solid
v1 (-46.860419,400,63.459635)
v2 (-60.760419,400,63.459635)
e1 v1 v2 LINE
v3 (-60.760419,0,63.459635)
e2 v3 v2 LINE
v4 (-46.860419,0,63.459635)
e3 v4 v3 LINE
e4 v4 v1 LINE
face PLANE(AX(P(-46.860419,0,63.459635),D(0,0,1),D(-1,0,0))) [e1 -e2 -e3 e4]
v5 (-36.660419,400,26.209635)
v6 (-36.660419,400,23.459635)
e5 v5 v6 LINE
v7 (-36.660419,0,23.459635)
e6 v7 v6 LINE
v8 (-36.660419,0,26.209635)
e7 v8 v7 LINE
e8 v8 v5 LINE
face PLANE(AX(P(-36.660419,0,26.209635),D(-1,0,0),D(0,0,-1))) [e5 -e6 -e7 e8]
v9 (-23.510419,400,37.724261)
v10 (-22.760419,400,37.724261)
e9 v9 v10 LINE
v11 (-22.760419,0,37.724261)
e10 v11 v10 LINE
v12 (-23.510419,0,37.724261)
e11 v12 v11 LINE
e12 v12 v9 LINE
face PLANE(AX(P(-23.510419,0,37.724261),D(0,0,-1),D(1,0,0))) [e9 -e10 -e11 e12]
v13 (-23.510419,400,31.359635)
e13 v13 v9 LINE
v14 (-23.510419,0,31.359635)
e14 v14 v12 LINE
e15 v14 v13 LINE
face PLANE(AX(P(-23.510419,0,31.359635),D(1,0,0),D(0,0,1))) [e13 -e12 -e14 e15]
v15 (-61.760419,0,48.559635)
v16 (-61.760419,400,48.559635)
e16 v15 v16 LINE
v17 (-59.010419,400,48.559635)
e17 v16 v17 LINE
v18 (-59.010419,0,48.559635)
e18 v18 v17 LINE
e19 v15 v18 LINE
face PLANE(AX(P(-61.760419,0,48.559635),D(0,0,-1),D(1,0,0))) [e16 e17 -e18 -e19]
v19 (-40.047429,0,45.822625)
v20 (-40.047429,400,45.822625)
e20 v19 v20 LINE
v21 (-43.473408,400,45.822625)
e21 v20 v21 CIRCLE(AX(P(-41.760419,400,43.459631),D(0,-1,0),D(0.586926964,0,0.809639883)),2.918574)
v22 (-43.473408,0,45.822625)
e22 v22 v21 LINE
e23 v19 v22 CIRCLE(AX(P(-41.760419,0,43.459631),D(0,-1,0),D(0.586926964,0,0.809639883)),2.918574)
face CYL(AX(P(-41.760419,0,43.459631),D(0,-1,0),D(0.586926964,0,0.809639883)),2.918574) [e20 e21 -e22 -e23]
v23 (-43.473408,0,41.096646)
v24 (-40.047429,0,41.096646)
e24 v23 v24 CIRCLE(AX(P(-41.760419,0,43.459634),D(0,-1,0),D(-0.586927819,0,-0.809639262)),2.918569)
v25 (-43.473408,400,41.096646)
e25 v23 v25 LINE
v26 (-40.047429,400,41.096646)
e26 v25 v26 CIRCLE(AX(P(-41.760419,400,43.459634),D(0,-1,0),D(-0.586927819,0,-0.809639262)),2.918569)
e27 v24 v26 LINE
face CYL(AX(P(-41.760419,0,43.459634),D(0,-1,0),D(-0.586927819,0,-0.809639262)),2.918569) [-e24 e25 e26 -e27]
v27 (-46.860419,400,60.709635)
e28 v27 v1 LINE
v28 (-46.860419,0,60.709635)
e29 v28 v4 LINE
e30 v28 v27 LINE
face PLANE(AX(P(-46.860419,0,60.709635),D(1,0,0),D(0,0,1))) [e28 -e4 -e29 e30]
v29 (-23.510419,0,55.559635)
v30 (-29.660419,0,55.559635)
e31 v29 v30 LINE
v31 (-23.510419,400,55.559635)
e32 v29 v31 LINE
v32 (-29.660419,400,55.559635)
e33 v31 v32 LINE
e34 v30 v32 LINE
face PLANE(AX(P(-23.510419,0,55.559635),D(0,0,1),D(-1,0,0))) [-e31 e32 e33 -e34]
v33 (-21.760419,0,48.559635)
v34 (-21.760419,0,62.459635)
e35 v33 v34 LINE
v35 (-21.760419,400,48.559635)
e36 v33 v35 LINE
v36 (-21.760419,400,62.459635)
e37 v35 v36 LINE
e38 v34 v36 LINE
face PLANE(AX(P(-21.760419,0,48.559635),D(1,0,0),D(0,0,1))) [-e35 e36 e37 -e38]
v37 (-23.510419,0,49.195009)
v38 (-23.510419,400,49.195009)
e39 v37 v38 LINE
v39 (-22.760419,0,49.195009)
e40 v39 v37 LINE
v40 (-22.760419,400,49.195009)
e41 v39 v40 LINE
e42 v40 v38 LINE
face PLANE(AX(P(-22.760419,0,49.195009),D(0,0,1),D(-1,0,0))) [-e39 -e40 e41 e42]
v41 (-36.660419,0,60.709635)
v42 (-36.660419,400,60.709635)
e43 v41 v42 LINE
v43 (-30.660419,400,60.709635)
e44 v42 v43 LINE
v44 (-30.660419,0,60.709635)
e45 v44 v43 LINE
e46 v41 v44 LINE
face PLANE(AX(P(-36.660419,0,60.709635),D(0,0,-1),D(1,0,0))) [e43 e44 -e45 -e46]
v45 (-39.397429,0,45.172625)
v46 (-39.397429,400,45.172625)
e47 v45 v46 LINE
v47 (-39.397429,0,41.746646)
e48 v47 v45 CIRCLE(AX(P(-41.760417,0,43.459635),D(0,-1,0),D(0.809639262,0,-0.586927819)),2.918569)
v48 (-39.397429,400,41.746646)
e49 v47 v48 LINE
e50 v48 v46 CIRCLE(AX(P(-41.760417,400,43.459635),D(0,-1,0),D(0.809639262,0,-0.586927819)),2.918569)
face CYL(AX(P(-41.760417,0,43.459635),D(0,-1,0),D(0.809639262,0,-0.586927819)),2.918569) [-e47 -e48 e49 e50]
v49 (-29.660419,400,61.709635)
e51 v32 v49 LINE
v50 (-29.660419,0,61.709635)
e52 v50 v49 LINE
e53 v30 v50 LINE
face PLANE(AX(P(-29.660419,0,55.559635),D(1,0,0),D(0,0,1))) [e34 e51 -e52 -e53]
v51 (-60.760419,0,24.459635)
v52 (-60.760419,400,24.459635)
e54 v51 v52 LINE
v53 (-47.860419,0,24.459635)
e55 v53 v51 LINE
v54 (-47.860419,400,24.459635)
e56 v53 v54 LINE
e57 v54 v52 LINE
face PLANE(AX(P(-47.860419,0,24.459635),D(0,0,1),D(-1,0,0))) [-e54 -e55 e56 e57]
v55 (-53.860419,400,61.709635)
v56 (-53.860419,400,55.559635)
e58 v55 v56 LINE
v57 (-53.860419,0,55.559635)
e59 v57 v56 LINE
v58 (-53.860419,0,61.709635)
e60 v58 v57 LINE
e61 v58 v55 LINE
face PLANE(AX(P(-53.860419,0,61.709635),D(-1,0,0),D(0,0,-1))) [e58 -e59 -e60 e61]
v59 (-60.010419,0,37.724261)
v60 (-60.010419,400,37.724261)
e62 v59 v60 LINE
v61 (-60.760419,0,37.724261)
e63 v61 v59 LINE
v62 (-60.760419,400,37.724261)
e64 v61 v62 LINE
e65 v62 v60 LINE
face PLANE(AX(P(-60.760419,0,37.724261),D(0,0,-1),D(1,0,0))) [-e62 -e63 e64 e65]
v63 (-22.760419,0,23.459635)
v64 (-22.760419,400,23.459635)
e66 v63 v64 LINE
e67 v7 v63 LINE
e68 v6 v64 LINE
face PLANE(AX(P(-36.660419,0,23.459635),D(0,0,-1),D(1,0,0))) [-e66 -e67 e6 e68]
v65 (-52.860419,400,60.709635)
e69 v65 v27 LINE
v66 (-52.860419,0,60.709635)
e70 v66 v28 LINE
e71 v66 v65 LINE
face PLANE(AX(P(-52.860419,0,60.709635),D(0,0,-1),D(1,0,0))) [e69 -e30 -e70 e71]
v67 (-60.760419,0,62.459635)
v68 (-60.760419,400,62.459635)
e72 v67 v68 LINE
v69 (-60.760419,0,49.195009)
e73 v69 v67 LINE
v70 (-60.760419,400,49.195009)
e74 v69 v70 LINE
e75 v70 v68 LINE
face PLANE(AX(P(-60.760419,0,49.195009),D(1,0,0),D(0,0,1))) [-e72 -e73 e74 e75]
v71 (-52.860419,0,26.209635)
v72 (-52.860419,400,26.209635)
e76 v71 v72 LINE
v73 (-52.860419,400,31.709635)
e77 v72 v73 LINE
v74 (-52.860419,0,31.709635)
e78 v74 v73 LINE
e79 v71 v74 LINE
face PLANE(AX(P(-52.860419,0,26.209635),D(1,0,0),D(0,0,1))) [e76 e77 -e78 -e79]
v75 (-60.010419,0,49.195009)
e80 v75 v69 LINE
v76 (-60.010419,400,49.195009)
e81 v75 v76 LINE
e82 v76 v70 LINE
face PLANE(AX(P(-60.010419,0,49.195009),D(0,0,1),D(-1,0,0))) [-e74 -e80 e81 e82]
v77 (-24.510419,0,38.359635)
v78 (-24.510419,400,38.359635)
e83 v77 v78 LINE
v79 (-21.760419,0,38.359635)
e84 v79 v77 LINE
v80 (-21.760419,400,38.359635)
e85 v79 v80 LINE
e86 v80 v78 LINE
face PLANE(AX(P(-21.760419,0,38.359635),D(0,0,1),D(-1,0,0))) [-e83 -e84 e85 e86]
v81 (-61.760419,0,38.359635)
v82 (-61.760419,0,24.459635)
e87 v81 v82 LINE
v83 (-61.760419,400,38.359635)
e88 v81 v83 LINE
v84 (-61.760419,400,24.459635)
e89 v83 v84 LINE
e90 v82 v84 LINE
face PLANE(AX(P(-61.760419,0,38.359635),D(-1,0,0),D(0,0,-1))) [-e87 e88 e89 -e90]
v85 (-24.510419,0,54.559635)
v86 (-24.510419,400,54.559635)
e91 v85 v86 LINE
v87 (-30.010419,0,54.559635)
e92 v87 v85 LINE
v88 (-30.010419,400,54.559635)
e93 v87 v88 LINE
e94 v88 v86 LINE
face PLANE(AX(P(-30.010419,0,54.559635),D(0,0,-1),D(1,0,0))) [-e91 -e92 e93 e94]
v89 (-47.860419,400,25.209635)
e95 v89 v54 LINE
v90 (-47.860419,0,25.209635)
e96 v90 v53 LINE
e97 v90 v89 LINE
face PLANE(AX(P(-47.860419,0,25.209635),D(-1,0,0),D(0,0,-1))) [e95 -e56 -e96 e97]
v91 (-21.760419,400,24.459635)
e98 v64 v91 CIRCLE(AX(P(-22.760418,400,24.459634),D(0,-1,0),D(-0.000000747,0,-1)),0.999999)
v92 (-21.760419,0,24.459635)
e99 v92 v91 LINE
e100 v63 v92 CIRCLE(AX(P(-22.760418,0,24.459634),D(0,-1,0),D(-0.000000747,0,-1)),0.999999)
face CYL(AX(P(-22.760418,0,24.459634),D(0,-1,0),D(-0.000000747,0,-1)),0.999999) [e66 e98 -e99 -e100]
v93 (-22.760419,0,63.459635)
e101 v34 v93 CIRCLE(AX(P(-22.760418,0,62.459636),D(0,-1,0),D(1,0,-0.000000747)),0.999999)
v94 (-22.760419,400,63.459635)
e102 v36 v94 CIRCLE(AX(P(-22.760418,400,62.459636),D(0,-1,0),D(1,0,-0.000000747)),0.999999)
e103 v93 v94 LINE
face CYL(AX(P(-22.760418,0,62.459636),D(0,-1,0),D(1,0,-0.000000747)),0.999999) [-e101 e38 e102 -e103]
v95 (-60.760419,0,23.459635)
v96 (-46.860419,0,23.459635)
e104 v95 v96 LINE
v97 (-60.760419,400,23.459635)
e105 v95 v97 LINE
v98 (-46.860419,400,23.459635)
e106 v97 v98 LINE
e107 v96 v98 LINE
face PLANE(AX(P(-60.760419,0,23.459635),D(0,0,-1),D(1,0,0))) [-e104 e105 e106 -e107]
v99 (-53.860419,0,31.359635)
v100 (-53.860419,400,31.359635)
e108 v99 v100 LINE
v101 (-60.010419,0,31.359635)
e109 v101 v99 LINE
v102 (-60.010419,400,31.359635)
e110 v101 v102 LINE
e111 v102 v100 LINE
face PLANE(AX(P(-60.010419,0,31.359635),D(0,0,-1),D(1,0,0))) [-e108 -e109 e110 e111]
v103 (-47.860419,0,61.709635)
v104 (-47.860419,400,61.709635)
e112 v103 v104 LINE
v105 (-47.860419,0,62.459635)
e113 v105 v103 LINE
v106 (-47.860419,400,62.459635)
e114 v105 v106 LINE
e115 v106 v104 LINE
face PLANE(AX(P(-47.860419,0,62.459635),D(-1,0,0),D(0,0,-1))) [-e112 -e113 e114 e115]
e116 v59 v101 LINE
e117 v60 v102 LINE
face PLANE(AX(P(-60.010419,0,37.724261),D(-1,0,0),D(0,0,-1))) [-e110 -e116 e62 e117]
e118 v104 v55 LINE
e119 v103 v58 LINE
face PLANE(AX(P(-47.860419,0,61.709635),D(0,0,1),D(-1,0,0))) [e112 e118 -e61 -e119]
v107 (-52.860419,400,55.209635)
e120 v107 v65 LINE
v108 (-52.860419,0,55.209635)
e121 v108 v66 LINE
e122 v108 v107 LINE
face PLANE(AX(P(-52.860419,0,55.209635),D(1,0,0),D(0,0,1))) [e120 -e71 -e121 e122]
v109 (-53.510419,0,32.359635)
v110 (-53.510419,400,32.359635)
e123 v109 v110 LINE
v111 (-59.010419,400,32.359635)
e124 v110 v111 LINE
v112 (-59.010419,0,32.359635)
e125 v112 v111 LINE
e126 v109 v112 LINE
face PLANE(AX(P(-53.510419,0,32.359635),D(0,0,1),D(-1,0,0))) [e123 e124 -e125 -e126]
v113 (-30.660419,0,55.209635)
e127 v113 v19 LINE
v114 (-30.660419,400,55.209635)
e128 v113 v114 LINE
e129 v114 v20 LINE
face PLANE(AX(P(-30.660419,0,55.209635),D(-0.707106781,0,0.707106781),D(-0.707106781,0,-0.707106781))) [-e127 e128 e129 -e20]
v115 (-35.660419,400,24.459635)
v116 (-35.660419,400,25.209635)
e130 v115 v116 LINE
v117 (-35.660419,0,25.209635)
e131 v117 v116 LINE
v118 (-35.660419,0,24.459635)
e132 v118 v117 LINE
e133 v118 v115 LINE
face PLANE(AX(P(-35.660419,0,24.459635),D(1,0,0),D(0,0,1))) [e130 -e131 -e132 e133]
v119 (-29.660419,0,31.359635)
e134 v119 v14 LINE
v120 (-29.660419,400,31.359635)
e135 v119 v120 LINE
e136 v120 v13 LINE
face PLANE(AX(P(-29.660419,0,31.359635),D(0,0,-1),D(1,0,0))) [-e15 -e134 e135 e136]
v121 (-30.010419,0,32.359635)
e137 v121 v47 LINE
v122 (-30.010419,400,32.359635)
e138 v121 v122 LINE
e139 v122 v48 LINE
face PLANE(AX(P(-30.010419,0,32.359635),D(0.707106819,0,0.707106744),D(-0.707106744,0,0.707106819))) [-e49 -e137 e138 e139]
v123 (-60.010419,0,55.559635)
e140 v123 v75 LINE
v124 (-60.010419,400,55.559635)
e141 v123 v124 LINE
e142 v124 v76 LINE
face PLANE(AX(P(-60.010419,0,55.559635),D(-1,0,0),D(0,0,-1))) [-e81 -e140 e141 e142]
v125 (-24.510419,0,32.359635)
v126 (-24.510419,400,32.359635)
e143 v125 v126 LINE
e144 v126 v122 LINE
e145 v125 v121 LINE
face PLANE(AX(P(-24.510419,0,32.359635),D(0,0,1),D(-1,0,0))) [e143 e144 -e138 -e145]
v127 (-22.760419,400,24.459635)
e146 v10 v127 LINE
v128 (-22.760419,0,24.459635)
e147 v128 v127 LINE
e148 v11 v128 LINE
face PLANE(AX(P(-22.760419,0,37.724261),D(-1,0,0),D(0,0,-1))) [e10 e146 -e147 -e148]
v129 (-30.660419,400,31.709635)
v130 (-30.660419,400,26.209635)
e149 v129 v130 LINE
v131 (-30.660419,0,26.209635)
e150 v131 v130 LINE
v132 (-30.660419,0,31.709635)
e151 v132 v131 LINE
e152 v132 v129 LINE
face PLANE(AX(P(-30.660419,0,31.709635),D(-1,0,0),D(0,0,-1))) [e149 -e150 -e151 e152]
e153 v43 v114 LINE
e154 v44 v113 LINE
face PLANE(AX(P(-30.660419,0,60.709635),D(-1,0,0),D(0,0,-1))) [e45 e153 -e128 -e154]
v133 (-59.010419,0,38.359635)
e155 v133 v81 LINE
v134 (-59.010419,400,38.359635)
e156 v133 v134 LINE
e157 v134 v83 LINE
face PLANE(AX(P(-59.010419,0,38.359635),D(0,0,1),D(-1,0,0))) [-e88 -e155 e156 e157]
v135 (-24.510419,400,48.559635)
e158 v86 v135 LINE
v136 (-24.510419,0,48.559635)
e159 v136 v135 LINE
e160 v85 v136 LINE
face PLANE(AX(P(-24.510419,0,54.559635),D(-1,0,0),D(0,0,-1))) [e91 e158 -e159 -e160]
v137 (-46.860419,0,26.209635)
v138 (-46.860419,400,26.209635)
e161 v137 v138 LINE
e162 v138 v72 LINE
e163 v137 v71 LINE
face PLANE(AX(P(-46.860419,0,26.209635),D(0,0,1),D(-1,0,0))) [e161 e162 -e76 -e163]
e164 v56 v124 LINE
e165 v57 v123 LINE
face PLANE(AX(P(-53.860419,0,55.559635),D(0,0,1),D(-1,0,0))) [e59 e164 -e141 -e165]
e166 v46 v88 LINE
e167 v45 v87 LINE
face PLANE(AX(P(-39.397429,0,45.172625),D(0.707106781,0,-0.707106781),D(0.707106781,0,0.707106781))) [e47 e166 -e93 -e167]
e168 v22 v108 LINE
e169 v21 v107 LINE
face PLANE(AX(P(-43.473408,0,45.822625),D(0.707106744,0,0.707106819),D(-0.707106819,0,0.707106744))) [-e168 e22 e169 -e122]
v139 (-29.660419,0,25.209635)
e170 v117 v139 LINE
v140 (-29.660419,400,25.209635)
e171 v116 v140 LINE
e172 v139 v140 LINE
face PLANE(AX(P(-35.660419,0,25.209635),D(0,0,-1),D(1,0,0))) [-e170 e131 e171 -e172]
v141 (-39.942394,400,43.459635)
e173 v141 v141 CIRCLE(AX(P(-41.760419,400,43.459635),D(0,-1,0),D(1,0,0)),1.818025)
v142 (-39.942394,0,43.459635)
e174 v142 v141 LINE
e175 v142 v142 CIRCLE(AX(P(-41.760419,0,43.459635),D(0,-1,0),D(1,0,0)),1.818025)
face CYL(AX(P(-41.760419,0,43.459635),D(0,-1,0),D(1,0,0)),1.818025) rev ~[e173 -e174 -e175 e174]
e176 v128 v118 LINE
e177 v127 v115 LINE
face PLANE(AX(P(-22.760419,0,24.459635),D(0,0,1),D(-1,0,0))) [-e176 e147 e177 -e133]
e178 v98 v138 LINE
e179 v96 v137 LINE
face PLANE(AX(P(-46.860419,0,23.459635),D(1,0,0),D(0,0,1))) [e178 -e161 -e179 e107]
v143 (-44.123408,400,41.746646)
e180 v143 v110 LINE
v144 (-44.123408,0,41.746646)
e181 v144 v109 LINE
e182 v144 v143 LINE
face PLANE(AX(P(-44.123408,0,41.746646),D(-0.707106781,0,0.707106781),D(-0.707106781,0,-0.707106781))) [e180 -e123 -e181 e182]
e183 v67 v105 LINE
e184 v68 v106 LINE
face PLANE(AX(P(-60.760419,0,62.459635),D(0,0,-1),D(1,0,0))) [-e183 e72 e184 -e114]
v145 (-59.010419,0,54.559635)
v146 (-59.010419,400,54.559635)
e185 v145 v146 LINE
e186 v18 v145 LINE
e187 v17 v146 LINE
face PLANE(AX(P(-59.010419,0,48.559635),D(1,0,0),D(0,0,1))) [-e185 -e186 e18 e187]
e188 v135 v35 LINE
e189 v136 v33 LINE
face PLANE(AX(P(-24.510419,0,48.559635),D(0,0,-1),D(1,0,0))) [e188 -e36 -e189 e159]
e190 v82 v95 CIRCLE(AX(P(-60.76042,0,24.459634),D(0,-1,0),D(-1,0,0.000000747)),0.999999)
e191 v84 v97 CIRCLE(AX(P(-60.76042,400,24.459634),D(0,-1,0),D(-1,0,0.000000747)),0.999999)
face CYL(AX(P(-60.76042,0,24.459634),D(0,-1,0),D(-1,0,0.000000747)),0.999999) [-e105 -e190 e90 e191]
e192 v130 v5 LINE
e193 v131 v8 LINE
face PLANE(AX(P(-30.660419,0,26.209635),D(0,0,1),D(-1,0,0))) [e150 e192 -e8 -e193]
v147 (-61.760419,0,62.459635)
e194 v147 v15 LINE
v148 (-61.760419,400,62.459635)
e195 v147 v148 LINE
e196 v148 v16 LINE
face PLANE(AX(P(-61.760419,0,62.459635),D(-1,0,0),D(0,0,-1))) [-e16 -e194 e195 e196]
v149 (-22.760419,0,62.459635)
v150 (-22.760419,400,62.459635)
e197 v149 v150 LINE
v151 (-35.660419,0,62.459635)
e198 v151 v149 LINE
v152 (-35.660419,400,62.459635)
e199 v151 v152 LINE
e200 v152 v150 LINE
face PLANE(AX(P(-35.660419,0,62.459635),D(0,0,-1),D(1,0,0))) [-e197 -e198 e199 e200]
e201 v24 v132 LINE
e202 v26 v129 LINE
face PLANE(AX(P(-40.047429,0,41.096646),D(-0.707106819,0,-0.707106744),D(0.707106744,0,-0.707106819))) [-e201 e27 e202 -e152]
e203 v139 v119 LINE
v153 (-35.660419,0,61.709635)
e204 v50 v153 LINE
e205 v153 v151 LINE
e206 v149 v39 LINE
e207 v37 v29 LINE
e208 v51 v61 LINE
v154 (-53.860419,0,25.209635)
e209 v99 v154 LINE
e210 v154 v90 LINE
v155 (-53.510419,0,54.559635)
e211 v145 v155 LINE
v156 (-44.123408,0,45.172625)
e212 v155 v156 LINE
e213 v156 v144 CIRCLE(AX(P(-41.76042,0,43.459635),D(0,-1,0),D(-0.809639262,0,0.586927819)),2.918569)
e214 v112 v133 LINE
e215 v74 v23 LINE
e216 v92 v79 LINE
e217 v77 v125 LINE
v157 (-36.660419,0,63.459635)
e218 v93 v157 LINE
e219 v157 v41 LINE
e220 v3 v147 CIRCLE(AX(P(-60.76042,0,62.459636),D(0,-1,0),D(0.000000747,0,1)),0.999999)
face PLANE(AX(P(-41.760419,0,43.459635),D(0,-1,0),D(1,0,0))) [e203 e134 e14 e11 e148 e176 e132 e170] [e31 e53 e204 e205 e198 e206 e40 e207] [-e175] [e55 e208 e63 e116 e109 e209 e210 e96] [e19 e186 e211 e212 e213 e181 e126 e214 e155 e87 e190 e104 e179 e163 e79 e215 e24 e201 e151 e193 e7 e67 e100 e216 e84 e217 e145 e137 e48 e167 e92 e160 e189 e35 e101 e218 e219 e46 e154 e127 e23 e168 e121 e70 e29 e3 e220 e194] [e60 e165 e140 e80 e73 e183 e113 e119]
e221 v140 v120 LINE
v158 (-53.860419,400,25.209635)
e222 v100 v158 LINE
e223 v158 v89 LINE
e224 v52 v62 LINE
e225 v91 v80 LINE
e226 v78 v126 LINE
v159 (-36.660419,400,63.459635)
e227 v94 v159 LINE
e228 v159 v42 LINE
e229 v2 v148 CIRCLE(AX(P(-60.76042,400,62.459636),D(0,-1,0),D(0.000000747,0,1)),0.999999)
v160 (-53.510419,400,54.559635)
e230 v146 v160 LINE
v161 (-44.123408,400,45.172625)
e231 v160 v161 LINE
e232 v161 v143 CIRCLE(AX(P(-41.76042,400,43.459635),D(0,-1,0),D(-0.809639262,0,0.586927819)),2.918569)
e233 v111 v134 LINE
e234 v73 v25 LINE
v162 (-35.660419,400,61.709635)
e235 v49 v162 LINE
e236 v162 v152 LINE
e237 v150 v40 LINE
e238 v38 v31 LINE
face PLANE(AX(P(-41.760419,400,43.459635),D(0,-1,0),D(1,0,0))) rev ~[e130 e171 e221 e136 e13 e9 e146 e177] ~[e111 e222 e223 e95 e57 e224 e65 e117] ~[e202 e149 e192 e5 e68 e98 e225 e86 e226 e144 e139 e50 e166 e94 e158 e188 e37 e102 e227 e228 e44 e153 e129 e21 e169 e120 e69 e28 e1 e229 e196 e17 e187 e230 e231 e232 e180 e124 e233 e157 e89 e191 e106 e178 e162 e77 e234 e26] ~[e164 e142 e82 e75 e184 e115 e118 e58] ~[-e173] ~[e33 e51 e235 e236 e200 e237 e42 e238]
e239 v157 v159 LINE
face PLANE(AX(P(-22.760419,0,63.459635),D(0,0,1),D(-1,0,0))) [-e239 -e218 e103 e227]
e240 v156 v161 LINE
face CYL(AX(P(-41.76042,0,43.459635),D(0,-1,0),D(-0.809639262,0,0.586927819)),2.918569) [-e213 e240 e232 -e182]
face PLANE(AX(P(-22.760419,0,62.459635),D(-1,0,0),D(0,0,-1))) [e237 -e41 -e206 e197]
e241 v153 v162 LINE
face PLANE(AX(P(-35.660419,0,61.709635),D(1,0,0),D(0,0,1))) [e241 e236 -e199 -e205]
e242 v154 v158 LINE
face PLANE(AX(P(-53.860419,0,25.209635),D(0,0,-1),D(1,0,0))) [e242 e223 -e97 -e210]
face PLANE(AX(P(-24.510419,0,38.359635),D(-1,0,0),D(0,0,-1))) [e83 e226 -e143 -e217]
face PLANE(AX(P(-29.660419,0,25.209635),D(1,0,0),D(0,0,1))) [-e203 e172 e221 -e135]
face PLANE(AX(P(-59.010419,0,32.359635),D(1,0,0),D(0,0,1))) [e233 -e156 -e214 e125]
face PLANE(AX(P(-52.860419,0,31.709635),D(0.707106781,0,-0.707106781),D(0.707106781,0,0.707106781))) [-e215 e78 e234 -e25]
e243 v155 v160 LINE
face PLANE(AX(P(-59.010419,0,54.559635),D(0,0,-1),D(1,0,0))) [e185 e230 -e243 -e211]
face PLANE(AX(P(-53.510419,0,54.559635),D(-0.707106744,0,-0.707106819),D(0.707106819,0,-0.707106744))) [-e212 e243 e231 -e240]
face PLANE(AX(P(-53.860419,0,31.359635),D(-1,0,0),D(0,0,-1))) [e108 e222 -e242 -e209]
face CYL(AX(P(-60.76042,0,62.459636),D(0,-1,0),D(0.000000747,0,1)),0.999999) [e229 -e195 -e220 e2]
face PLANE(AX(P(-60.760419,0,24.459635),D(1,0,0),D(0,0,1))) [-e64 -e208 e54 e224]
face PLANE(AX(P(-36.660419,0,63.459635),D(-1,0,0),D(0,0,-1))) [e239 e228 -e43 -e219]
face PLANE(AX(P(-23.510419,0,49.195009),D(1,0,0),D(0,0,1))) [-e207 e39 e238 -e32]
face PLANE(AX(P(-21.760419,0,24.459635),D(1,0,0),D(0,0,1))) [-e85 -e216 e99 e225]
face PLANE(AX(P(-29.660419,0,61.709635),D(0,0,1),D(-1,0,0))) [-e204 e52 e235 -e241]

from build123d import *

# Parameters (mm, degrees)
F0_R     = 1.818025
F1_DEPTH = 400


with BuildPart() as f1:
    # F0 (on Front) → F1 (new body)
    with BuildSketch(Plane.XZ):
        with BuildLine():
            Line((-46.860419, 63.459635), (-60.760419, 63.459635))
            ThreePointArc((-60.760419, 63.459635), (-61.467526, 63.166742), (-61.760419, 62.459635))
            Line((-61.760419, 62.459635), (-61.760419, 48.559635))
            Line((-61.760419, 48.559635), (-59.010419, 48.559635))
            Line((-59.010419, 48.559635), (-59.010419, 54.559635))
            Line((-59.010419, 54.559635), (-53.510419, 54.559635))
            Line((-53.510419, 54.559635), (-44.123408, 45.172625))
            ThreePointArc((-44.123408, 45.172625), (-44.678989, 43.459635), (-44.123408, 41.746646))
            Line((-44.123408, 41.746646), (-53.510419, 32.359635))
            Line((-53.510419, 32.359635), (-59.010419, 32.359635))
            Line((-59.010419, 32.359635), (-59.010419, 38.359635))
            Line((-59.010419, 38.359635), (-61.760419, 38.359635))
            Line((-61.760419, 38.359635), (-61.760419, 24.459635))
            ThreePointArc((-61.760419, 24.459635), (-61.467526, 23.752528), (-60.760419, 23.459635))
            Line((-60.760419, 23.459635), (-46.860419, 23.459635))
            Line((-46.860419, 23.459635), (-46.860419, 26.209635))
            Line((-46.860419, 26.209635), (-52.860419, 26.209635))
            Line((-52.860419, 26.209635), (-52.860419, 31.709635))
            Line((-52.860419, 31.709635), (-43.473408, 41.096646))
            ThreePointArc((-43.473408, 41.096646), (-41.760419, 40.541065), (-40.047429, 41.096646))
            Line((-40.047429, 41.096646), (-30.660419, 31.709635))
            Line((-30.660419, 31.709635), (-30.660419, 26.209635))
            Line((-30.660419, 26.209635), (-36.660419, 26.209635))
            Line((-36.660419, 26.209635), (-36.660419, 23.459635))
            Line((-36.660419, 23.459635), (-22.760419, 23.459635))
            ThreePointArc((-22.760419, 23.459635), (-22.053312, 23.752528), (-21.760419, 24.459635))
            Line((-21.760419, 24.459635), (-21.760419, 38.359635))
            Line((-21.760419, 38.359635), (-24.510419, 38.359635))
            Line((-24.510419, 38.359635), (-24.510419, 32.359635))
            Line((-24.510419, 32.359635), (-30.010419, 32.359635))
            Line((-30.010419, 32.359635), (-39.397429, 41.746646))
            ThreePointArc((-39.397429, 41.746646), (-38.841848, 43.459635), (-39.397429, 45.172625))
            Line((-39.397429, 45.172625), (-30.010419, 54.559635))
            Line((-30.010419, 54.559635), (-24.510419, 54.559635))
            Line((-24.510419, 54.559635), (-24.510419, 48.559635))
            Line((-24.510419, 48.559635), (-21.760419, 48.559635))
            Line((-21.760419, 48.559635), (-21.760419, 62.459635))
            ThreePointArc((-21.760419, 62.459635), (-22.053312, 63.166742), (-22.760419, 63.459635))
            Line((-22.760419, 63.459635), (-36.660419, 63.459635))
            Line((-36.660419, 63.459635), (-36.660419, 60.709635))
            Line((-36.660419, 60.709635), (-30.660419, 60.709635))
            Line((-30.660419, 60.709635), (-30.660419, 55.209635))
            Line((-30.660419, 55.209635), (-40.047429, 45.822625))
            ThreePointArc((-40.047429, 45.822625), (-41.760419, 46.378205), (-43.473408, 45.822625))
            Line((-43.473408, 45.822625), (-52.860419, 55.209635))
            Line((-52.860419, 55.209635), (-52.860419, 60.709635))
            Line((-52.860419, 60.709635), (-46.860419, 60.709635))
            Line((-46.860419, 60.709635), (-46.860419, 63.459635))
        make_face()
        Polygon((-60.760419, 37.724261), (-60.010419, 37.724261), (-60.010419, 31.359635), (-53.860419, 31.359635), (-53.860419, 25.209635), (-47.860419, 25.209635), (-47.860419, 24.459635), (-53.860419, 24.459635), (-60.760419, 24.459635), (-60.760419, 31.359635), align=None, mode=Mode.SUBTRACT)
        Polygon((-29.660419, 24.459635), (-35.660419, 24.459635), (-35.660419, 25.209635), (-29.660419, 25.209635), (-29.660419, 31.359635), (-23.510419, 31.359635), (-23.510419, 37.724261), (-22.760419, 37.724261), (-22.760419, 31.359635), (-22.760419, 24.459635), align=None, mode=Mode.SUBTRACT)
        with Locations((-41.760419, 43.459635)):
            Circle(F0_R, mode=Mode.SUBTRACT)
        Polygon((-60.760419, 55.559635), (-60.760419, 62.459635), (-53.860419, 62.459635), (-47.860419, 62.459635), (-47.860419, 61.709635), (-53.860419, 61.709635), (-53.860419, 55.559635), (-60.010419, 55.559635), (-60.010419, 49.195009), (-60.760419, 49.195009), align=None, mode=Mode.SUBTRACT)
        Polygon((-29.660419, 62.459635), (-22.760419, 62.459635), (-22.760419, 55.559635), (-22.760419, 49.195009), (-23.510419, 49.195009), (-23.510419, 55.559635), (-29.660419, 55.559635), (-29.660419, 61.709635), (-35.660419, 61.709635), (-35.660419, 62.459635), align=None, mode=Mode.SUBTRACT)
    extrude(amount=-F1_DEPTH)


solid = f1.part
